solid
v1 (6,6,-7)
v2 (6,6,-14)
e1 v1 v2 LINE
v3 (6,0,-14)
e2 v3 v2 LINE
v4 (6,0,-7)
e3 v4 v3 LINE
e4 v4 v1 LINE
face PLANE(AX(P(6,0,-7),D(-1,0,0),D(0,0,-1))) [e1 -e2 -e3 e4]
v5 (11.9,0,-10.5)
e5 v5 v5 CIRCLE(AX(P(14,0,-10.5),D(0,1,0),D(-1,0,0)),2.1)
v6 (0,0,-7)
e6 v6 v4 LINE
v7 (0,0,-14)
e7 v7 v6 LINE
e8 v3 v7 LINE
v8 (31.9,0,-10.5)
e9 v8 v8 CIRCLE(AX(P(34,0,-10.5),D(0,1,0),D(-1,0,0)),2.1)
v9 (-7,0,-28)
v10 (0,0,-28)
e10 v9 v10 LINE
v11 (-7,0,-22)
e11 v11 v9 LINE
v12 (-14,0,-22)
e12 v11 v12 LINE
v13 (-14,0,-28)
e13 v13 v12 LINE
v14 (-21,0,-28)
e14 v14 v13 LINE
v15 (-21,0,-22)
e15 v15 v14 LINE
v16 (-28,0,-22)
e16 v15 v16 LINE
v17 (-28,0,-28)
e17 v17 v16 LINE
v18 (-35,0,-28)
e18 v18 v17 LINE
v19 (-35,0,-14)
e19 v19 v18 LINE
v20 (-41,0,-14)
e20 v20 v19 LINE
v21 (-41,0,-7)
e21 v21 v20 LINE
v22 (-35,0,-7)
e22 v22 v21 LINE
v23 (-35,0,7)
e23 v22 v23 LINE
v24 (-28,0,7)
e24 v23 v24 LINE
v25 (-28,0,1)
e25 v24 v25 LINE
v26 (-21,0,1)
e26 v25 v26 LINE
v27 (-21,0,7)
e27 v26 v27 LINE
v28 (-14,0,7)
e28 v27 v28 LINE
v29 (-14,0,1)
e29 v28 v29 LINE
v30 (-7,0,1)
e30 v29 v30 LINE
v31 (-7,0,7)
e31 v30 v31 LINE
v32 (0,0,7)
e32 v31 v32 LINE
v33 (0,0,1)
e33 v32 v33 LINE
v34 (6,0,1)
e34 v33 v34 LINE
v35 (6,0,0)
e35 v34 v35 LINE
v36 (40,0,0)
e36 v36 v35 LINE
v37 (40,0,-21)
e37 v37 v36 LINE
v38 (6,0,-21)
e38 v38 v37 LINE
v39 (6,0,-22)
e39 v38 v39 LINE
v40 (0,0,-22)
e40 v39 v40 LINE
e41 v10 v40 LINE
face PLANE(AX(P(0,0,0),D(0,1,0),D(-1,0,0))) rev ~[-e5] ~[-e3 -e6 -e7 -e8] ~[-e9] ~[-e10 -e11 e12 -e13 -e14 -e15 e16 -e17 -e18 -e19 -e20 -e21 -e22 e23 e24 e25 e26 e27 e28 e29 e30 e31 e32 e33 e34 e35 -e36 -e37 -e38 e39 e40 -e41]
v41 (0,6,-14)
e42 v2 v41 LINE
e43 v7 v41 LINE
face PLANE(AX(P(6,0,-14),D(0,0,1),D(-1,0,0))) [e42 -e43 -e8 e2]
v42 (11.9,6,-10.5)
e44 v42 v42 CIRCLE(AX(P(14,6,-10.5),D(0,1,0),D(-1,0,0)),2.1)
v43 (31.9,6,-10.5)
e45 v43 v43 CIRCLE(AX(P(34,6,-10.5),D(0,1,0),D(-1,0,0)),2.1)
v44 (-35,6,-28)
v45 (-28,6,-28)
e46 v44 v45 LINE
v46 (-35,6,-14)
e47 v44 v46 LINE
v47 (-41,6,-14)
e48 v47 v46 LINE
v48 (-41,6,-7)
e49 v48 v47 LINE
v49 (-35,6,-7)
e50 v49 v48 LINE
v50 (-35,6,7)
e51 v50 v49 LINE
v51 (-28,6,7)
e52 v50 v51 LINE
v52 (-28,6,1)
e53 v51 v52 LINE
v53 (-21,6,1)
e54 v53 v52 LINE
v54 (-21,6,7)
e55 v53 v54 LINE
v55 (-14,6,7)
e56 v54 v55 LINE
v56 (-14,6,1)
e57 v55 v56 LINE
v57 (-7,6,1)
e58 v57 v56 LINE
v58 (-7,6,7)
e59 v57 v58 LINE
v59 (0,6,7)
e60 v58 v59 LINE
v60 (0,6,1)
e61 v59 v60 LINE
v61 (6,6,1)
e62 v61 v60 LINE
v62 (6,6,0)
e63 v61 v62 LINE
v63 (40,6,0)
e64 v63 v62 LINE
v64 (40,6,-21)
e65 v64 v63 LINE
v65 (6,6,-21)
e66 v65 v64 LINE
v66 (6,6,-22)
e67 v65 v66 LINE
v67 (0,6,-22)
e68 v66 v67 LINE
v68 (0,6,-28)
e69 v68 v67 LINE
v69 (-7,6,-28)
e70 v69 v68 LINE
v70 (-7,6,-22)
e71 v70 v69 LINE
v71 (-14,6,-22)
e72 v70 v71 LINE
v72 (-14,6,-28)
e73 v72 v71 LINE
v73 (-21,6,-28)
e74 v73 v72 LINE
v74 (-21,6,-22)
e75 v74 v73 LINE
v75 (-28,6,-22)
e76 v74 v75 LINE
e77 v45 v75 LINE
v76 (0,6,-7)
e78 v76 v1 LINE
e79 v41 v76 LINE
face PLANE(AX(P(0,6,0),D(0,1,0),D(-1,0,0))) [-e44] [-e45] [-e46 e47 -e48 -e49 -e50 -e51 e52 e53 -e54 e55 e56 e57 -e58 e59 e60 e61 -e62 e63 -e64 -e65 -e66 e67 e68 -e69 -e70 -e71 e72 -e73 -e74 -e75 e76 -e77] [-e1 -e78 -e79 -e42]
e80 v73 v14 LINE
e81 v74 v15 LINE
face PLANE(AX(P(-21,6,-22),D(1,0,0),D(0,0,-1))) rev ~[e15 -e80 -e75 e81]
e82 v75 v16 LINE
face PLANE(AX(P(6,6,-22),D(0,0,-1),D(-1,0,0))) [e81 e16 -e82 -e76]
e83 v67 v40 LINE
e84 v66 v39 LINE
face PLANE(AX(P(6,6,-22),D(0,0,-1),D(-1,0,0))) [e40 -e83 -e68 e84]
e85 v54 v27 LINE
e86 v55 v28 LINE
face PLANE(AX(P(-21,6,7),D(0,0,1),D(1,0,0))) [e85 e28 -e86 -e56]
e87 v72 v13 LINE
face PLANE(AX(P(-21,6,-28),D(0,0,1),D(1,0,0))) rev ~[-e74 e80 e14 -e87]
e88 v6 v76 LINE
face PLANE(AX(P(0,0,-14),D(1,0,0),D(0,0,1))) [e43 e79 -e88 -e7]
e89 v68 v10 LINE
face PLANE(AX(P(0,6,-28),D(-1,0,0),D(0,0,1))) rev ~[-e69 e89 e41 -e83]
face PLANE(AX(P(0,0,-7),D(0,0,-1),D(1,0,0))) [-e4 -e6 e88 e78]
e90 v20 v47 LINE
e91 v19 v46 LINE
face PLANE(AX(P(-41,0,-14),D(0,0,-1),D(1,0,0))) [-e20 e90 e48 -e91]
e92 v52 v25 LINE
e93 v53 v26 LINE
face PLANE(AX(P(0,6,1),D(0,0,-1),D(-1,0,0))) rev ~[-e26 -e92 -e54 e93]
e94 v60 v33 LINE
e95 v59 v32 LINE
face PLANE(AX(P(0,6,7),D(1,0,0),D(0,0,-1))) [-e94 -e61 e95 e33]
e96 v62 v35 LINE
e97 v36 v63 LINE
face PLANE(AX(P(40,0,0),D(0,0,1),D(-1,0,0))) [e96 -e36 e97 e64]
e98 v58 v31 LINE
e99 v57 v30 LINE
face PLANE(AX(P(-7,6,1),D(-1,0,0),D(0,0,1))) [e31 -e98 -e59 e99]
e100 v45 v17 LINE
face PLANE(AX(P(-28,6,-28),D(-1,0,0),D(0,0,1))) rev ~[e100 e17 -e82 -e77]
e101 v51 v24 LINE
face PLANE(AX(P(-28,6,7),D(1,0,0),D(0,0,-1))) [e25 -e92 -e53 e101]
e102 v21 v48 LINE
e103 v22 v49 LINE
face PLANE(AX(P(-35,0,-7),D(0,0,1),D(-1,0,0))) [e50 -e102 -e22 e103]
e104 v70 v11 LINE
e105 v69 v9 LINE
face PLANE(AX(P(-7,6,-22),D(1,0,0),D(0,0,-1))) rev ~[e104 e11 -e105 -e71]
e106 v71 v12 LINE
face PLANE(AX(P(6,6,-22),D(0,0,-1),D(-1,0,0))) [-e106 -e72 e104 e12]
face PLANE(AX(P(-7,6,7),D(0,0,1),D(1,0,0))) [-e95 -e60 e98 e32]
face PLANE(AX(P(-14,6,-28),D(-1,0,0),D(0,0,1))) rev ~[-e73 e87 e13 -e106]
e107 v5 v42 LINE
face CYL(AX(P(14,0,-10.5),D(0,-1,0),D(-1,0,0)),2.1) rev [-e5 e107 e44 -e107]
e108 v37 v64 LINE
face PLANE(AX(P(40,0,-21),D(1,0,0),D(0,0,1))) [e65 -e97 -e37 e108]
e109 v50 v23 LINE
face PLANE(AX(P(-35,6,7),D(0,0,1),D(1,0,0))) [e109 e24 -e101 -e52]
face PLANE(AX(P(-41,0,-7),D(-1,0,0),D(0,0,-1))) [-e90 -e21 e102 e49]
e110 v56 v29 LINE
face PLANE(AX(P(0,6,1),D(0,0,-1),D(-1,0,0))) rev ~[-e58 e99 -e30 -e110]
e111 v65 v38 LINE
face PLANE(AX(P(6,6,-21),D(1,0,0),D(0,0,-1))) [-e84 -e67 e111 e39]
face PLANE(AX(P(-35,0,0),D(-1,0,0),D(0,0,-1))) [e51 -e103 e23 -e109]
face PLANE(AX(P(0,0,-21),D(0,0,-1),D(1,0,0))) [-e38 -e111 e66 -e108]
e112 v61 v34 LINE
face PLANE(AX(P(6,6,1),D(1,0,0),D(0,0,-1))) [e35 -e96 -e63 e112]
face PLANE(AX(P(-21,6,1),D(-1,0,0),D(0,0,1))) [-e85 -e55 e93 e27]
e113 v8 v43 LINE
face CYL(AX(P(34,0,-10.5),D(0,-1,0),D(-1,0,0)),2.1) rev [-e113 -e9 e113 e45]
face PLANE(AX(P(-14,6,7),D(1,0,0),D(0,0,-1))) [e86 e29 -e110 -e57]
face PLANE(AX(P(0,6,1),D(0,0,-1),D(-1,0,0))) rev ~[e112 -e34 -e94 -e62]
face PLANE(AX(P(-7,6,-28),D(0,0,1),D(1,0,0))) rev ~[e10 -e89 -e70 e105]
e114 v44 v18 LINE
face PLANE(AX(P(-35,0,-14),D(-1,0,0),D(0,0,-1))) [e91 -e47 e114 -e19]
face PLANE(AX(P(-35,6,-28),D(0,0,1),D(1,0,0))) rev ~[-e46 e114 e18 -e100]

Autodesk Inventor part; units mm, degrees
ref_plane "YZ Plane" through (0, 0, 0) normal (1, 0, 0) x (0, 1, 0)
ref_plane "XZ Plane" through (0, 0, 0) normal (0, 1, 0) x (-1, 0, 0)
ref_plane "XY Plane" through (0, 0, 0) normal (0, 0, 1) x (1, 0, 0)
sketch "Sketch1" plane through (0, 0, 0) normal (1, 0, 0) x (0, 1, 0)
  point P0 (0, 0)
sketch "Sketch2" plane through (0, 0, 0) normal (0, 1, 0) x (-1, 0, 0)
  line L0 (0, 0) -> (35, 0)
  line L1 (35, -21) -> (0, -21)
  line L2 (35, -7) -> (41, -7)
  line L3 (41, -7) -> (41, -14)
  line L4 (41, -14) -> (35, -14)
  line L5 (35, 0) -> (35, -7)
  line L6 (35, -14) -> (35, -21)
  line L7 (0, -21) -> (-40, -21)
  line L8 (-40, -21) -> (-40, 0)
  line L9 (-40, 0) -> (0, 0)
  circle A0 centre (-34, -10.5) radius 2.1
  circle A1 centre (-14, -10.5) radius 2.1
  line L10 (0, -7) -> (-6, -7)
  line L11 (-6, -7) -> (-6, -14)
  line L12 (-6, -14) -> (0, -14)
  line L13 (0, -14) -> (0, -7)
  dimension "d0" = 35
  dimension "d1" = 21
  dimension "d2" = 7
  dimension "d3" = 6
  dimension "d4" = 7
  dimension "d5" = 40
  dimension "d8" = 4.2
  dimension "d10" = 4.2
  dimension "d11" = 6
  dimension "d12" = 7
extrude "Extrusion1" add sketch "Sketch2" along normal blind 6
sketch "Sketch3" plane through (0, 6, 0) normal (0, 1, 0) x (1, 0, 0)
  line L0 (0, -1) -> (-35, -1)
  line L1 (-35, 0) -> (40, 0) projected
  line L2 (-35, -1) -> (-35, 0)
  line L3 (-35, 21) -> (-35, 14) projected
  line L4 (-35, 21) -> (6, 21)
  line L5 (6, 21) -> (6, 22)
  line L6 (6, 22) -> (-35, 22)
  line L7 (-35, 22) -> (-35, 21)
  line L8 (0, -1) -> (6, -1)
  line L9 (6, -1) -> (6, 0)
  point P0 (0, 0)
  dimension "d15" = 1
  dimension "d17" = 41
  dimension "d18" = 1
  dimension "d21" = 6
extrude "Extrusion2" add sketch "Sketch3" against normal blind 6
sketch "Sketch4" plane through (0, 6, 0) normal (0, 1, 0) x (1, 0, 0)
  line L0 (6, -1) -> (-35, -1) projected
  line L1 (0, -1) -> (-7, -1)
  line L2 (-7, -1) -> (-7, -7)
  line L3 (-7, -7) -> (0, -7)
  line L4 (0, -7) -> (0, -1)
  line L5 (6, 22) -> (-35, 22) projected
  line L6 (0, 22) -> (-7, 22)
  line L7 (-7, 22) -> (-7, 28)
  line L8 (-7, 28) -> (0, 28)
  line L9 (0, 28) -> (0, 22)
  point P0 (0, 0)
  dimension "d22" = 7
  dimension "d23" = 6
  dimension "d24" = 7
  dimension "d25" = 6
extrude "Extrusion3" add sketch "Sketch4" against normal blind 6
pattern_linear "Rectangular Pattern1" count 3 spacing 14 along (-1, 0, 0) of "Extrusion3"
properties part number "g_arm_v_1"
